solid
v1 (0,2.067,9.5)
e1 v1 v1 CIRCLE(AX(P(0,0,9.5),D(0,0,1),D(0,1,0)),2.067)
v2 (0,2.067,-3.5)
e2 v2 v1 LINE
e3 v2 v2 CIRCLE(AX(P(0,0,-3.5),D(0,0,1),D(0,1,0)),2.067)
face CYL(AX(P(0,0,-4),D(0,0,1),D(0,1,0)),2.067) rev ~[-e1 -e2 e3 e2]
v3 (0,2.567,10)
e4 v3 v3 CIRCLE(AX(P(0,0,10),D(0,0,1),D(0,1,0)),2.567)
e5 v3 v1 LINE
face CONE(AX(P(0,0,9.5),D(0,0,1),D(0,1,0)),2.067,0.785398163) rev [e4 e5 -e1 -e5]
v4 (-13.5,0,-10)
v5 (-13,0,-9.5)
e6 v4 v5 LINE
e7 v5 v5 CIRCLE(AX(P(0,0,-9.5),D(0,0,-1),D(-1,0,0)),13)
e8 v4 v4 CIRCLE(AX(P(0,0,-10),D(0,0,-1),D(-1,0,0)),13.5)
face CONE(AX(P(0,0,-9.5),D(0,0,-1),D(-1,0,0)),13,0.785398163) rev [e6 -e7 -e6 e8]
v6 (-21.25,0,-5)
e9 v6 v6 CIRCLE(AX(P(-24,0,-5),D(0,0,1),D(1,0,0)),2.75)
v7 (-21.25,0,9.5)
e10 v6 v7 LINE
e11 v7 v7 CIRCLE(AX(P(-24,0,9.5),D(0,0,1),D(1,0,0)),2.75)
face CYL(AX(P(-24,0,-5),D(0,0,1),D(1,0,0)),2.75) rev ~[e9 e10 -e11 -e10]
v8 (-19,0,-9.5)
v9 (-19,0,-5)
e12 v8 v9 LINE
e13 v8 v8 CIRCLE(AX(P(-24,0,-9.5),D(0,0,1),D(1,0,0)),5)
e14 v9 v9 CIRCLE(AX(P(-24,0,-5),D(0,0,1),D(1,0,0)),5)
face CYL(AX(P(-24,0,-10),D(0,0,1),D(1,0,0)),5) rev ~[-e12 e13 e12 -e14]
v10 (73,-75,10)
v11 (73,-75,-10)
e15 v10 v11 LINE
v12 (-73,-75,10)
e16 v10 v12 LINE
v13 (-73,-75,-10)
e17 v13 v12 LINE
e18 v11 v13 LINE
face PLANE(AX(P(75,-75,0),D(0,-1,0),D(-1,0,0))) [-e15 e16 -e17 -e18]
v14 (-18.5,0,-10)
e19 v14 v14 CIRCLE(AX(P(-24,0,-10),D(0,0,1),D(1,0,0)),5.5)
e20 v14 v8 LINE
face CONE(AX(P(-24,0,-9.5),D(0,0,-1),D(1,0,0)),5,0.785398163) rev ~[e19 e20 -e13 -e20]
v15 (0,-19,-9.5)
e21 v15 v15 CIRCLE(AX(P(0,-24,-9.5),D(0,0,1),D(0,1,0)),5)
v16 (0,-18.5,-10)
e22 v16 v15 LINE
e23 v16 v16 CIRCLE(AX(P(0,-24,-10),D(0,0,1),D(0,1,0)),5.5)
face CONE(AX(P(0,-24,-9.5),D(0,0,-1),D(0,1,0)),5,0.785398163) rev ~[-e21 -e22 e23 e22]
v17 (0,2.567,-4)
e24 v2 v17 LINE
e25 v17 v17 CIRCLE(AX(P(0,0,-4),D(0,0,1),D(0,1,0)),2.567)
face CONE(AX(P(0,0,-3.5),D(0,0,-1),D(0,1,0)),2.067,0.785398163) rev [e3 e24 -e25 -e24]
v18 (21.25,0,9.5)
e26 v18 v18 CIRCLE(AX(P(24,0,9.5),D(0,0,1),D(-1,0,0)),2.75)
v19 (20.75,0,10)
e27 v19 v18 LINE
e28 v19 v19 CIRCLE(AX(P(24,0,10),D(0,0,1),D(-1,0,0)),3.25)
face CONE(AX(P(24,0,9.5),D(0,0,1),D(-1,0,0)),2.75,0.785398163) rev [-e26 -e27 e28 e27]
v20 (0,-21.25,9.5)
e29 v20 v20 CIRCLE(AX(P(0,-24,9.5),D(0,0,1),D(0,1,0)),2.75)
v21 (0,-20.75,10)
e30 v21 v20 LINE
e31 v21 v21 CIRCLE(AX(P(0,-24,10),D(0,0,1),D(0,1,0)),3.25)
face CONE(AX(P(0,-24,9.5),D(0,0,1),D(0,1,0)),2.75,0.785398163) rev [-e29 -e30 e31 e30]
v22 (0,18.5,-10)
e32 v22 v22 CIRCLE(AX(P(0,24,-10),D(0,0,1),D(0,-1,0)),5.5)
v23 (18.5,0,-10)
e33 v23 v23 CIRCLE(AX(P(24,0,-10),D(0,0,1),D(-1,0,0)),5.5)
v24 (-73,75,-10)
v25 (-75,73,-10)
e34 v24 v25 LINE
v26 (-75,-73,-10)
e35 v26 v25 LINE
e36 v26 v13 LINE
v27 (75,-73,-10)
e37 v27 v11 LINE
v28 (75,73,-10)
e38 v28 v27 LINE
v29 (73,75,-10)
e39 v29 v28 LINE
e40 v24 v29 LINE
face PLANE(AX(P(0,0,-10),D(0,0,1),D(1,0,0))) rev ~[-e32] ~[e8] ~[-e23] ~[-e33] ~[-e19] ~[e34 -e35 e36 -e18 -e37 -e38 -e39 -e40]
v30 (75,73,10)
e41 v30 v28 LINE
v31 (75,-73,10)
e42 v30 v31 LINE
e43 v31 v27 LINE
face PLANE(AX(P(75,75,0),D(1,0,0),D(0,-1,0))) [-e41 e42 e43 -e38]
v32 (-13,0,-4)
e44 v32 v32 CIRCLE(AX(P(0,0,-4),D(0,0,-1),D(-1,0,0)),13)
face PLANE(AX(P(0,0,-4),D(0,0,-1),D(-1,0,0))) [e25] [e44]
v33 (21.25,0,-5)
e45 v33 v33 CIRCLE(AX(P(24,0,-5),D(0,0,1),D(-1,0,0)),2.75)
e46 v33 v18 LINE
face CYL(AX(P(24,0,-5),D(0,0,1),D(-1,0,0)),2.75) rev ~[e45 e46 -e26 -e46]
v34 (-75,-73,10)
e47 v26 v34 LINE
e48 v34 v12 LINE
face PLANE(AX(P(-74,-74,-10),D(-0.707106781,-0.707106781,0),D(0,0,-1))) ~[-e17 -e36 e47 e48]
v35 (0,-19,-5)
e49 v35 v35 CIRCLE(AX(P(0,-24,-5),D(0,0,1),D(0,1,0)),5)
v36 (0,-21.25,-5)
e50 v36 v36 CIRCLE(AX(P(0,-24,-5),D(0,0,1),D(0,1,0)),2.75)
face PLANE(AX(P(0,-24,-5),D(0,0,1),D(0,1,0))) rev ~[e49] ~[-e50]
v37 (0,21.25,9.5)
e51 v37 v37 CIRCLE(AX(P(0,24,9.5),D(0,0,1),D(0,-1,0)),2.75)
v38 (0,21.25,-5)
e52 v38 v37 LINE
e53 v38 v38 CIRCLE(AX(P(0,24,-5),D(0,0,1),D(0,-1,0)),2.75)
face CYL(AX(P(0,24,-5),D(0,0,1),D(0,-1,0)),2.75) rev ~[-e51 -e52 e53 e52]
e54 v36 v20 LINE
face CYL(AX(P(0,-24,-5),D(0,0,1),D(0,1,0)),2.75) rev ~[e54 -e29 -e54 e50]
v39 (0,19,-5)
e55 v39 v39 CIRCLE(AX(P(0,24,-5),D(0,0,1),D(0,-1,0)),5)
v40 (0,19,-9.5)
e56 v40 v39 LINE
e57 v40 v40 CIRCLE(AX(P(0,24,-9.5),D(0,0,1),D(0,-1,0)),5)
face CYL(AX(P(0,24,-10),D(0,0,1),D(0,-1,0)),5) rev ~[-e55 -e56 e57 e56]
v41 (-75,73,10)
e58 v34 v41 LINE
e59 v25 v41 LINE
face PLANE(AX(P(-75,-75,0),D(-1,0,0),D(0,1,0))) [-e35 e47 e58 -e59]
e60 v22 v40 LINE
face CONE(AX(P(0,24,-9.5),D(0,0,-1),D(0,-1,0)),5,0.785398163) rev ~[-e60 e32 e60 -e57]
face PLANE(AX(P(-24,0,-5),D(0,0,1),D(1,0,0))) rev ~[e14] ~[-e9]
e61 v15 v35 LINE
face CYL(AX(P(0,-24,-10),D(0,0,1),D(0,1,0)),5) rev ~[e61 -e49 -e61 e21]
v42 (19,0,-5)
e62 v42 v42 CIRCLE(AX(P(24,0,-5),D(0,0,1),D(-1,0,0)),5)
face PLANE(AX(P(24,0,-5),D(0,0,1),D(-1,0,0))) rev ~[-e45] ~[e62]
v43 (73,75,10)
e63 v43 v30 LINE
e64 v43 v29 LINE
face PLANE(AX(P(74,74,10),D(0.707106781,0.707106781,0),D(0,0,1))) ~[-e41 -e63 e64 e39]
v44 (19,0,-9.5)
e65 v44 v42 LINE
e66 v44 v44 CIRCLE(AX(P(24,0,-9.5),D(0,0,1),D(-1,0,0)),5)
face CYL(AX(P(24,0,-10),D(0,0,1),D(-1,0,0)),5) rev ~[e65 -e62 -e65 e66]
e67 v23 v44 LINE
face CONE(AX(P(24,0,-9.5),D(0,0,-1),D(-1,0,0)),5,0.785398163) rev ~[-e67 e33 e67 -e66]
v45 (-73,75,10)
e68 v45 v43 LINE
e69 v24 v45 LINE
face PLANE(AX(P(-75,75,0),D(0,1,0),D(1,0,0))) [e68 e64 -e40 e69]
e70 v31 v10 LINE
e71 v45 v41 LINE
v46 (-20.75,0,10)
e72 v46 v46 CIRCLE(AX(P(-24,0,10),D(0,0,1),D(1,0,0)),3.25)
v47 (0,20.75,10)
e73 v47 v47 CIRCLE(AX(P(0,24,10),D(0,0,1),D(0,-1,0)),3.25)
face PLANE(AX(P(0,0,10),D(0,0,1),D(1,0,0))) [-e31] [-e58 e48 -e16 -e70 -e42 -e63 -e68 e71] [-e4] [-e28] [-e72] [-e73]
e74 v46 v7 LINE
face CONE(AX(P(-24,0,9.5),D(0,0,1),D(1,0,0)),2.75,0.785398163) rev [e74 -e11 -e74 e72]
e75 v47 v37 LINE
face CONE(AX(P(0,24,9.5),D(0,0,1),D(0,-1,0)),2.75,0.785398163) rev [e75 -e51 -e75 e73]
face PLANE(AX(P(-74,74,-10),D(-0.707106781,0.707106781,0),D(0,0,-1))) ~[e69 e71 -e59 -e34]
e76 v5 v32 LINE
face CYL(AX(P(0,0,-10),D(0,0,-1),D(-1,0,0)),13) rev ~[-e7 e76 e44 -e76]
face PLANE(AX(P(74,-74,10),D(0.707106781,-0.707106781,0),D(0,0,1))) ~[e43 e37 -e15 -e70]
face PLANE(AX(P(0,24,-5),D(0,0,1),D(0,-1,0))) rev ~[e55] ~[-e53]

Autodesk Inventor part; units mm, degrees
ref_plane "XY Plane" through (0, 0, 0) normal (0, 0, 1) x (1, 0, 0)
sketch "Skizze1" plane through (0, 0, 0) normal (0, 0, 1) x (1, 0, 0)
  line L0 (-75, 75) -> (75, 75)
  line L1 (75, 75) -> (75, -75)
  line L2 (75, -75) -> (-75, -75)
  line L3 (-75, -75) -> (-75, 75)
  line L4 (-75, 75) -> (75, -75) construction
  line L5 (75, 75) -> (-75, -75) construction
  point P0 (0, 0)
  dimension "d0" = 150
  dimension "d1" = 150
extrude "Extrusion1" add sketch "Skizze1" along normal mid plane 20
sketch "Skizze5" plane through (0, 0, -10) normal (0, 0, -1) x (-1, 0, 0)
  line L0 (-75, -75) -> (75, -75) projected
  line L1 (75, -75) -> (75, 75) projected
  line L2 (75, 75) -> (-75, 75) projected
  line L3 (-75, 75) -> (-75, -75) projected
  circle A0 centre (0, 0) radius 13
  dimension "d30" = 26
extrude "Extrusion3" cut sketch "Skizze5" against normal blind 6 contours A0
chamfer "Fasen2" distance 2 angle 45 4 edges at (-75, -75, 0) (75, -75, 0) (-75, 75, 0) (75, 75, 0)
chamfer "Fasen3" distance 0.5 angle 45 1 edges at (13, 0, -10)
sketch "Skizze6" plane through (0, 0, -4) normal (0, 0, -1) x (-1, 0, 0)
  circle A0 centre (0, 0) radius 13 projected
hole "Bohrung3" at (0, 0, -4) direction (0, 0, 1) diameter 4.134 end through all thread size "M5x0.8" class "6H" standard "ISO Metric profile"
sketch "Skizze7" plane through (0, 0, -10) normal (0, 0, -1) x (-1, 0, 0)
  line L0 (-75, 73) -> (-73, 75) projected
  line L1 (-75, 73) -> (-75, -73) projected
  line L2 (-73, -75) -> (-75, -73) projected
  line L3 (-73, -75) -> (73, -75) projected
  line L4 (75, -73) -> (73, -75) projected
  line L5 (75, -73) -> (75, 73) projected
  line L6 (73, 75) -> (75, 73) projected
  line L7 (73, 75) -> (-73, 75) projected
  circle A0 centre (0, 0) radius 13.5 projected
  point P0 (0, -24)
  dimension "d46" = 24
  dimension "d47" = 0
hole "Bohrung4" at (0, -24, -10) direction (0, 0, 1) diameter 5.5 end through all counterbore diameter 10 counterbore depth 5
pattern_circular "Runde Anordnung2" count 4 over 360 about axis through (0, 0, -10) along (0, 0, 1) of "Bohrung4"
chamfer "Fasen4" distance 0.5 angle 45 4 edges at (0, -29, -10) (29, 0, -10) (0, 29, -10) (-29, 0, -10)
chamfer "Fasen5" distance 0.5 angle 45 4 edges at (26.75, 0, 10) (0, 26.75, 10) (-26.75, 0, 10) (0, -26.75, 10)
chamfer "Fasen6" distance 0.5 angle 45 1 edges at (0, -2.067, 10)
chamfer "Fasen7" distance 0.5 angle 45 1 edges at (0, -2.067, -4)
properties part number "Koordinaten-Platte"
